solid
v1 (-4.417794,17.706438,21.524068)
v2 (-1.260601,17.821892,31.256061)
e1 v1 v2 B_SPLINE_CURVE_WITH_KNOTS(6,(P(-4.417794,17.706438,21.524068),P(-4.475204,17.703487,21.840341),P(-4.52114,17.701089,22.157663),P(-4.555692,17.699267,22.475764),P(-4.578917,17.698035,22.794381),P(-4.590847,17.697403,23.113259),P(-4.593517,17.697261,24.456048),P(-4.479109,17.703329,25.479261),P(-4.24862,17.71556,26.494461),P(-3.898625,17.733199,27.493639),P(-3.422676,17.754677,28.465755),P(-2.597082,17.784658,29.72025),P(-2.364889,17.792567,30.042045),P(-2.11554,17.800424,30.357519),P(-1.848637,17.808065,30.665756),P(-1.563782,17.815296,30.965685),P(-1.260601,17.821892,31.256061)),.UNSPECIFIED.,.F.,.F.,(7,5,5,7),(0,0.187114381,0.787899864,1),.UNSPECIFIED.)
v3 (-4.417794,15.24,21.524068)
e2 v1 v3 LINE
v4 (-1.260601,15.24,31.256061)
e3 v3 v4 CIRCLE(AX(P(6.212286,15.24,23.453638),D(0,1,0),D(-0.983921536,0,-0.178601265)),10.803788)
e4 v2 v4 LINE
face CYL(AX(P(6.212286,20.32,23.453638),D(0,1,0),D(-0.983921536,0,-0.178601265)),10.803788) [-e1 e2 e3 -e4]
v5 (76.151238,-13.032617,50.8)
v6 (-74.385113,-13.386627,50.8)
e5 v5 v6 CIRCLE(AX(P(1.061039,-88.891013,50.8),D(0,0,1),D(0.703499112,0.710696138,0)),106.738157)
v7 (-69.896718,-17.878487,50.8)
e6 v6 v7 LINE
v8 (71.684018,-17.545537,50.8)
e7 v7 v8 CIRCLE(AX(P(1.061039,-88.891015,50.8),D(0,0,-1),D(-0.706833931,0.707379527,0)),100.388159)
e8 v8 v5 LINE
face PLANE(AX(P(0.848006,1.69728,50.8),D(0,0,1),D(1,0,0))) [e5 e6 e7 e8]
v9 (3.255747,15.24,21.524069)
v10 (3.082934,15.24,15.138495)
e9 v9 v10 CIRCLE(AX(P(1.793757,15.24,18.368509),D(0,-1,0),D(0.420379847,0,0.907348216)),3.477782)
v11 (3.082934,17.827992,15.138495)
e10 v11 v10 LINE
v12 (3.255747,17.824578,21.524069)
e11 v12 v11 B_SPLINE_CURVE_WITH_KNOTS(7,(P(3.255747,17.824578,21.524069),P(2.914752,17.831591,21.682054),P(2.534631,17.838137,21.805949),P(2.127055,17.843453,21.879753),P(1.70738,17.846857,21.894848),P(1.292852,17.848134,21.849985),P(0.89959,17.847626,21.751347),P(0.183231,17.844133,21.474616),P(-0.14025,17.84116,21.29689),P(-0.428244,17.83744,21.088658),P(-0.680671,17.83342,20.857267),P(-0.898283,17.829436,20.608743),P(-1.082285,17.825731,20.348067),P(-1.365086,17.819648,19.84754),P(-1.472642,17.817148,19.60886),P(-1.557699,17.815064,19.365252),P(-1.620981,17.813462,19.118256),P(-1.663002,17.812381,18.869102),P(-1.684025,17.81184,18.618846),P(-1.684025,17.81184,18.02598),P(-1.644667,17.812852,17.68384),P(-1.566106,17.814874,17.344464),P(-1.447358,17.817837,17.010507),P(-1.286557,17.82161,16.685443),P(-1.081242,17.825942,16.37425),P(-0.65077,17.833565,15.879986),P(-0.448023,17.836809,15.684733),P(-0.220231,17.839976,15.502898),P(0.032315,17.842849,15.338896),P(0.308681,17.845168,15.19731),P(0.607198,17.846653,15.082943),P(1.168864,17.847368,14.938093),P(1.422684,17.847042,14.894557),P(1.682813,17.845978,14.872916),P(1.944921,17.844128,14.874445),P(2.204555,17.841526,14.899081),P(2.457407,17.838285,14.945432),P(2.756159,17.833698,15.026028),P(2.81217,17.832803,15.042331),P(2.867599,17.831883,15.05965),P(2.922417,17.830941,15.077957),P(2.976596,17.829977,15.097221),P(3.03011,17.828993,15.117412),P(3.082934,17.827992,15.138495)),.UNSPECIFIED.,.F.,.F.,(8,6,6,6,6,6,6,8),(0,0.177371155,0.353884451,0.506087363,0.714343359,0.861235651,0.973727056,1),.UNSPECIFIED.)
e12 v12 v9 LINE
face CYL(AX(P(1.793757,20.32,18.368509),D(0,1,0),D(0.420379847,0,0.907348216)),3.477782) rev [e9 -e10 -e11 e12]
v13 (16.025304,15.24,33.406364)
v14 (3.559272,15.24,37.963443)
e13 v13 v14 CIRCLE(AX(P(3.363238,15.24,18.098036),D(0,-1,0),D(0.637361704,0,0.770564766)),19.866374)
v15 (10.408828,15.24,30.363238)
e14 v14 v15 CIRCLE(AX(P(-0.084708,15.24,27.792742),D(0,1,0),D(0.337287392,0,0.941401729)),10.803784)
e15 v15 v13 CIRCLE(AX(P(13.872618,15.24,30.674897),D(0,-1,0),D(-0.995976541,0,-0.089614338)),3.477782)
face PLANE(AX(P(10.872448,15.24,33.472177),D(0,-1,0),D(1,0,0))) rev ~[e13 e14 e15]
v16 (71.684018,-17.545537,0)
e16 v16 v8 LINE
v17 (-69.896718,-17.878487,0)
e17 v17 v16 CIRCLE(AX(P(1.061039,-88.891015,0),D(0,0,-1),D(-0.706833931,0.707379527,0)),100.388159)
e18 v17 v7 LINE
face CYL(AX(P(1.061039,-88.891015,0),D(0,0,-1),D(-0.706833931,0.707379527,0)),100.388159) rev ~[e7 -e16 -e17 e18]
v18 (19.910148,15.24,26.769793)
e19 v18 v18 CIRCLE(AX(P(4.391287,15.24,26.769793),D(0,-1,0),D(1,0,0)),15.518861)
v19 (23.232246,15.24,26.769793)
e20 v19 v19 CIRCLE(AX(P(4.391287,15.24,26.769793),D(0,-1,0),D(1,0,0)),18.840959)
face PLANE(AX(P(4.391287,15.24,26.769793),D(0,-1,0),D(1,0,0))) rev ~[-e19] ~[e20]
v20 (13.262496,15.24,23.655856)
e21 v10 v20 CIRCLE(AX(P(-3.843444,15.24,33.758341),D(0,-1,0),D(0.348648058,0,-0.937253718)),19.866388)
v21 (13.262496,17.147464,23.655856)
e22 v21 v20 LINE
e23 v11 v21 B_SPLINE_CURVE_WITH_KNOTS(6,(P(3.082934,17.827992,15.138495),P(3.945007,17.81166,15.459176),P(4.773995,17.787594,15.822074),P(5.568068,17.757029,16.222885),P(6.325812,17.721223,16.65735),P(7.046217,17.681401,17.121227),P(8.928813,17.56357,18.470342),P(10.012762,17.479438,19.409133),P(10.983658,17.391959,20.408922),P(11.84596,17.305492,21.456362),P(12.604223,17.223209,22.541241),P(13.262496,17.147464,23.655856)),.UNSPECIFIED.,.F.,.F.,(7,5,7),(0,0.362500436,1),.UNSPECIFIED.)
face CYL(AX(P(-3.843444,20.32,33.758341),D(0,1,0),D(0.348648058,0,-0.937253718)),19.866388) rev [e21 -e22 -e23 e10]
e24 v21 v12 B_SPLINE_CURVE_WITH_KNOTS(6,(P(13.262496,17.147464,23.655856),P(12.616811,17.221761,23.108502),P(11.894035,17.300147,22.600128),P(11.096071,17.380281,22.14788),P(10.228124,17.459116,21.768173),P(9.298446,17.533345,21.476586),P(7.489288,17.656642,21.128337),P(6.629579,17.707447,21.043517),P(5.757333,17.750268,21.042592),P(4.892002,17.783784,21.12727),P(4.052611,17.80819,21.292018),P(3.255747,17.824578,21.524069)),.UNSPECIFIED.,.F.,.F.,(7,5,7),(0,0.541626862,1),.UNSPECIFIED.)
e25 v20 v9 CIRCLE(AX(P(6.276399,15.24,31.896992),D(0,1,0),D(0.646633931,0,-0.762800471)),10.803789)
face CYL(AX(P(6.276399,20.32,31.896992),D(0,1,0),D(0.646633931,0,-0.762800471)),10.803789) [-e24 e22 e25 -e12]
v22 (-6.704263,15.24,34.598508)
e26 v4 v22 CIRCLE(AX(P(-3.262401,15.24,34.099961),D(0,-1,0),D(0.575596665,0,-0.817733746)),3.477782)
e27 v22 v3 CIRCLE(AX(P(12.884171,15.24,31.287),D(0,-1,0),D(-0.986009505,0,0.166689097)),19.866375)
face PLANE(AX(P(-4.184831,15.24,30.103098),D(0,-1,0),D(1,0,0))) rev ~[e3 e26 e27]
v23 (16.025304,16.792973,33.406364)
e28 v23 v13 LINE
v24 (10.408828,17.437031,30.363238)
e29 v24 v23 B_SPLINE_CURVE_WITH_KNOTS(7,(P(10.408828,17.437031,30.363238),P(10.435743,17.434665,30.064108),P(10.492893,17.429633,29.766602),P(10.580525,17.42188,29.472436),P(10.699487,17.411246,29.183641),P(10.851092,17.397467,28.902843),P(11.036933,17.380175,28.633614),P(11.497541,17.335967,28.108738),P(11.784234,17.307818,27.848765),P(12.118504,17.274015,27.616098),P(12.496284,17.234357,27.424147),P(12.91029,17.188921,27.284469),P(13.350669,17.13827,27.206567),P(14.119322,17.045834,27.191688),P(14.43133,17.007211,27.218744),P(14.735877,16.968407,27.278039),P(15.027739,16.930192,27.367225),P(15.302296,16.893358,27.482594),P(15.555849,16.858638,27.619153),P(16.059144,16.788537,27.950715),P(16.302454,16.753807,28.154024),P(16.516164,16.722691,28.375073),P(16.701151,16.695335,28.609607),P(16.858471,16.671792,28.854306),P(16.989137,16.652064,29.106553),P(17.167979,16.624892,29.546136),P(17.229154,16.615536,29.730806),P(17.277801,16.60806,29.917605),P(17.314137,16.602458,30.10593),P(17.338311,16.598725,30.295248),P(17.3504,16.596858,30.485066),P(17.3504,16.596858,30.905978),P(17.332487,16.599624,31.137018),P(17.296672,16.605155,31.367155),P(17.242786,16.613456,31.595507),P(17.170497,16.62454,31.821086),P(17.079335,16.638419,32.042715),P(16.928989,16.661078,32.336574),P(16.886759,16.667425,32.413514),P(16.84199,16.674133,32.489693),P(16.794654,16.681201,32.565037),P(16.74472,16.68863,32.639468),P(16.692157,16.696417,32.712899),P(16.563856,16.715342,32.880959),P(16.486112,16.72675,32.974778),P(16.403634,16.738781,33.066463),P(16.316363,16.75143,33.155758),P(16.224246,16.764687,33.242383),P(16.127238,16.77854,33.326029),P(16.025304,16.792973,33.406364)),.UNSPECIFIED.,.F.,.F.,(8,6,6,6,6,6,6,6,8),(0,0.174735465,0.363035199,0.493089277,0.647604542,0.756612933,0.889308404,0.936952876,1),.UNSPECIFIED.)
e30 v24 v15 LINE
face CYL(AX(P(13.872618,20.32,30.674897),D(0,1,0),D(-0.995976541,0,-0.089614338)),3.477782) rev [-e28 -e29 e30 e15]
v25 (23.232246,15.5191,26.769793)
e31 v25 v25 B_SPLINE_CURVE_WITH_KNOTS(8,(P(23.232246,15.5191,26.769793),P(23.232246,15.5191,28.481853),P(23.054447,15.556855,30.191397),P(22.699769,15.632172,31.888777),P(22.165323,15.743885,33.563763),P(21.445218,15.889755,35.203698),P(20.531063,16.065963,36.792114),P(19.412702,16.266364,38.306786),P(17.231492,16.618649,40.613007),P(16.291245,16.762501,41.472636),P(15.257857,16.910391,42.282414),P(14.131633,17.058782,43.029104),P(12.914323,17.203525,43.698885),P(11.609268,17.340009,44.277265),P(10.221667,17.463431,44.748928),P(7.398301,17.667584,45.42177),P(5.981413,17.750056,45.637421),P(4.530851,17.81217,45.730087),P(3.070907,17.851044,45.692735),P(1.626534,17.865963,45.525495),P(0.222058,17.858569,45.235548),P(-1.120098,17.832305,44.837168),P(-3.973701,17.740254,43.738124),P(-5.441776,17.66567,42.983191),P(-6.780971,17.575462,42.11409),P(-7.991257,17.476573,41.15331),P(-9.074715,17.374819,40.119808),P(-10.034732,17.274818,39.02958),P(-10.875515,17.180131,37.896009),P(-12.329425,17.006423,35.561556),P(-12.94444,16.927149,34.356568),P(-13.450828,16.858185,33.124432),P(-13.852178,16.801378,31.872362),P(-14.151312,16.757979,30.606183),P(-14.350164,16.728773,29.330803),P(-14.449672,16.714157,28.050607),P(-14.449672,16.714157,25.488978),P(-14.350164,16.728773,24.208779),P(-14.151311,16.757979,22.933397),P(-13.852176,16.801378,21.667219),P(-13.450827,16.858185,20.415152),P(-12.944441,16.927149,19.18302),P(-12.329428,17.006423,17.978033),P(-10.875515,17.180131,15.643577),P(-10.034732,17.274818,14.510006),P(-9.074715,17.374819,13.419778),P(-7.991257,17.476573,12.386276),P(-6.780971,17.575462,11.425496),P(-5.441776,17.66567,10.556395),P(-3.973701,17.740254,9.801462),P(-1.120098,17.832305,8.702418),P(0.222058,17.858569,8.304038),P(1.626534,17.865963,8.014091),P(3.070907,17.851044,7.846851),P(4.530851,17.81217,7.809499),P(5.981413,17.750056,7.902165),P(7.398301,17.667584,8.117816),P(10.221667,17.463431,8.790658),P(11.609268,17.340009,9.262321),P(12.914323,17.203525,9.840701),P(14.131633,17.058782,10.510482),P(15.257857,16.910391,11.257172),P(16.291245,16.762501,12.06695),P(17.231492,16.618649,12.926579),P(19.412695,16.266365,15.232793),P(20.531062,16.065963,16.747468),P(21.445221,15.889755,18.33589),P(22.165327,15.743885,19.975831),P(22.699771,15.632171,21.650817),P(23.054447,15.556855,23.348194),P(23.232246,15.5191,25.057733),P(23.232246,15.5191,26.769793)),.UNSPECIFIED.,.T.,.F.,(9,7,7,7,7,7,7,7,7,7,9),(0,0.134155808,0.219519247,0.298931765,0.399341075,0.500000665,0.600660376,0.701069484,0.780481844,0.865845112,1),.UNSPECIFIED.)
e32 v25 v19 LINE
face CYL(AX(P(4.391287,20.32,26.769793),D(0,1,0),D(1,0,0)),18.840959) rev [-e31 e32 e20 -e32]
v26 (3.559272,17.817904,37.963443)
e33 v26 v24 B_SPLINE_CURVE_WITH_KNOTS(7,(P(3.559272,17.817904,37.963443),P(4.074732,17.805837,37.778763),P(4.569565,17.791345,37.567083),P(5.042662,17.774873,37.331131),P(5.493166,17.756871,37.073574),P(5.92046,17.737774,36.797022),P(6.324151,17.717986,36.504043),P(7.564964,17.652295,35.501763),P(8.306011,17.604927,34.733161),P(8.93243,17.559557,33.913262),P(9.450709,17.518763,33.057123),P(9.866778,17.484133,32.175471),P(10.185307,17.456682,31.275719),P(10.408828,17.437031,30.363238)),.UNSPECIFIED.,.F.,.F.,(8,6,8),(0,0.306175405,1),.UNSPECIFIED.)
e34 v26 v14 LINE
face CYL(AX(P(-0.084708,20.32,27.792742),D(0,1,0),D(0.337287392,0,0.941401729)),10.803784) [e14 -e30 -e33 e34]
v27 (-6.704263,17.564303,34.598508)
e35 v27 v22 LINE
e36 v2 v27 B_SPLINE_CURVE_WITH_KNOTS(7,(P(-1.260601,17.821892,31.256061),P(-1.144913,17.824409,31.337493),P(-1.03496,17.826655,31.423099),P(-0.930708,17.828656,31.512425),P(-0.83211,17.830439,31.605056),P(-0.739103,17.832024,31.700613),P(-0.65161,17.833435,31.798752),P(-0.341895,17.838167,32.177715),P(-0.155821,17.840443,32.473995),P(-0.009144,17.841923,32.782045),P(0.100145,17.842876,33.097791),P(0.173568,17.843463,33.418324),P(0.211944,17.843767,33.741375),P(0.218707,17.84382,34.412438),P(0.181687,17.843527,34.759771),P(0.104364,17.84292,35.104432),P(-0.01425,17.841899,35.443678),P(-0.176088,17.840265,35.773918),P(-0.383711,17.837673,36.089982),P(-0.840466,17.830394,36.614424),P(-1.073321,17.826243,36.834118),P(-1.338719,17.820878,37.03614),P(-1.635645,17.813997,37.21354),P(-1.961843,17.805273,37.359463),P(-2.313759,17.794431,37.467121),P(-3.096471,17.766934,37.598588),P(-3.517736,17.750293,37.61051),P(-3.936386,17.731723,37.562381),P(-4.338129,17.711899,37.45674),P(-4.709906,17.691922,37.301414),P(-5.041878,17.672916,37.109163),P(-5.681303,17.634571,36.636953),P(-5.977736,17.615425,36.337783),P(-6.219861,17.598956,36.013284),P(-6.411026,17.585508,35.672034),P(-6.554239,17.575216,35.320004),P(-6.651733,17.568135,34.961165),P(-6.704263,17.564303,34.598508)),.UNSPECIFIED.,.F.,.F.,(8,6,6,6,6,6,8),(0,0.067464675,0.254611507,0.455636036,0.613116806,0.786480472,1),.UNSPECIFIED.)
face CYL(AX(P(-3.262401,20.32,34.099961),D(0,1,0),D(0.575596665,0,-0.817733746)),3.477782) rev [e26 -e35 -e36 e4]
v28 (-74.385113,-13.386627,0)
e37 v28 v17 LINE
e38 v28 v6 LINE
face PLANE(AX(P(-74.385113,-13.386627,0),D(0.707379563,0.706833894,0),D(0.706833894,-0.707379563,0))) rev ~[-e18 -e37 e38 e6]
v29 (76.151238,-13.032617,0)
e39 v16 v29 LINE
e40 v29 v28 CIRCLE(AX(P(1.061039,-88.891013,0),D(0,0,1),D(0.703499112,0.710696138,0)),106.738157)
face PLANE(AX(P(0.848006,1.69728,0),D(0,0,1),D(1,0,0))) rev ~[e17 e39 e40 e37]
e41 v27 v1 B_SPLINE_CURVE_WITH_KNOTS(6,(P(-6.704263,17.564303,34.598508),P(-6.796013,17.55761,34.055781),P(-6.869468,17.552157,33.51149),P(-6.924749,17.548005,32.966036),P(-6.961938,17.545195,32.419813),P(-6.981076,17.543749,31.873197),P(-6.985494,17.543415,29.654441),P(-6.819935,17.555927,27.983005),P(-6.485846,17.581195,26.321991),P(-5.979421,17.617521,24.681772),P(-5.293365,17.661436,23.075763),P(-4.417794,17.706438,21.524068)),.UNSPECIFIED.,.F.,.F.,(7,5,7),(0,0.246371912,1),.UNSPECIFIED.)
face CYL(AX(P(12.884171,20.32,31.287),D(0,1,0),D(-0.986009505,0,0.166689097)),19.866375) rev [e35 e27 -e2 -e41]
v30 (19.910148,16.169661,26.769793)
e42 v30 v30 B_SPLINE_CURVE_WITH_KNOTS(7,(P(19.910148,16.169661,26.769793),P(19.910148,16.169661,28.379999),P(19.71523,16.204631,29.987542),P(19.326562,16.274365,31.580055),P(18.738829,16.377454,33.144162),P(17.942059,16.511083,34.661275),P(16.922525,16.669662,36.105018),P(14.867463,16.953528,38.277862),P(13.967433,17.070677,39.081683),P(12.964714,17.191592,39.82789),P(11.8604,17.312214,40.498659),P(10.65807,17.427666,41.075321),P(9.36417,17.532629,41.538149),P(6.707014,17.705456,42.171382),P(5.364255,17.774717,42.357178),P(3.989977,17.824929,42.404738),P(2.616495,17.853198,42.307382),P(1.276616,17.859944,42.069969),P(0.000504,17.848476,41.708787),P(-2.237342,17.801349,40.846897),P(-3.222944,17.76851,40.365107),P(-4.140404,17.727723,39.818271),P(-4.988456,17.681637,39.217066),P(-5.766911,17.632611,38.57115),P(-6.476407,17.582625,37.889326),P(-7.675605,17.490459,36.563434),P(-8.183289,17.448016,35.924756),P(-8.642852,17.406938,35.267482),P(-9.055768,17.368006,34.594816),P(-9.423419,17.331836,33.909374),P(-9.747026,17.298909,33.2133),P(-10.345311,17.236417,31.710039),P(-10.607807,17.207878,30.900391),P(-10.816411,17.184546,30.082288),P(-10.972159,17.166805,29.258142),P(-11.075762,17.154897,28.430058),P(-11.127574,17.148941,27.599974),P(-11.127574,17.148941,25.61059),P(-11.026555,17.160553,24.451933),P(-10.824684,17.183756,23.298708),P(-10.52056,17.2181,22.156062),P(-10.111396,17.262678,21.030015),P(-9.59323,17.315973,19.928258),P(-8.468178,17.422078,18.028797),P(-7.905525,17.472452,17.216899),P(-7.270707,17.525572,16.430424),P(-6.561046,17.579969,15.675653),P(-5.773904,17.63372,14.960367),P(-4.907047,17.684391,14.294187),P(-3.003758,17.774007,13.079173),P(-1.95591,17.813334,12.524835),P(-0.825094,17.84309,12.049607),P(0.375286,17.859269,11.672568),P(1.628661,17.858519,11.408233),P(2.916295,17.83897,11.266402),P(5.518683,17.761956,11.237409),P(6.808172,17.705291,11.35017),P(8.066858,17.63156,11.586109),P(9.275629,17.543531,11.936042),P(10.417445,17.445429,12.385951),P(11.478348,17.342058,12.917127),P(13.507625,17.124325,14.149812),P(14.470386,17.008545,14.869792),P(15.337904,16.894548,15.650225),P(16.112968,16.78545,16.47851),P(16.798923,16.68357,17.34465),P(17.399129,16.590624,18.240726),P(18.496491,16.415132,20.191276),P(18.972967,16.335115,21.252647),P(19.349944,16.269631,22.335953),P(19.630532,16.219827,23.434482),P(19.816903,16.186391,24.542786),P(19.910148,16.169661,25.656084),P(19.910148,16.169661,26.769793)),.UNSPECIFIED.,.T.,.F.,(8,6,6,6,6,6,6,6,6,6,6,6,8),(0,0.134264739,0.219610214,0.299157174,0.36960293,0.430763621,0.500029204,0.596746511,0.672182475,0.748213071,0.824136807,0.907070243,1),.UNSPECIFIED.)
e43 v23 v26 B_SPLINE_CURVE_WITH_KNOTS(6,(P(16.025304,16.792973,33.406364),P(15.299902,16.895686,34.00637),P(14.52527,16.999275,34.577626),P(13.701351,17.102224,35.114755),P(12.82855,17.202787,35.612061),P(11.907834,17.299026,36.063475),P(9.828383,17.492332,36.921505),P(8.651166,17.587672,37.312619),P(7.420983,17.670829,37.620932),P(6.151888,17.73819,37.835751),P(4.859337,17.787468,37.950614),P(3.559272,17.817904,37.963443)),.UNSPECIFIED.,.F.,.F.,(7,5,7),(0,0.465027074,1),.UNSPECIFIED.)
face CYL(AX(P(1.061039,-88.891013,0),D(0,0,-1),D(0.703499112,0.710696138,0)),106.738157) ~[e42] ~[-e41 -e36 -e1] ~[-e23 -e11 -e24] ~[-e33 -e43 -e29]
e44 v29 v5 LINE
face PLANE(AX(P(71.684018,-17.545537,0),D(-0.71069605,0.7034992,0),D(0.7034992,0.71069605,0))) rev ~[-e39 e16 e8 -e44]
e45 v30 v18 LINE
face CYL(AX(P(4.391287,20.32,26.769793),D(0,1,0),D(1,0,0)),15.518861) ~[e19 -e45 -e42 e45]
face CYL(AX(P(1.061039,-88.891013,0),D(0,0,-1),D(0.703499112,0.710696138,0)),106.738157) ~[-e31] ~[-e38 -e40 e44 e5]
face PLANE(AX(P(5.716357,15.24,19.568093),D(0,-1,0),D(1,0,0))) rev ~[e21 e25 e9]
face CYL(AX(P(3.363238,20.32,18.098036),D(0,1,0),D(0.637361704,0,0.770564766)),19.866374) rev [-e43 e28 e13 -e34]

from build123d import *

# Parameters (mm, degrees)
F1_DEPTH = 50.8
F3_R     = 18.840959
F3_R_2   = 15.518861
F4_DEPTH = 5.08


with BuildPart() as f1:
    # F0 (on Top) → F1 (new body)
    with BuildSketch(Plane.XY):
        with BuildLine():
            Line((71.684018, -17.545537), (76.151238, -13.032617))
            ThreePointArc((76.151238, -13.032617), (0.810028, 17.846849), (-74.385113, -13.386627))
            Line((-74.385113, -13.386627), (-69.896718, -17.878487))
            ThreePointArc((-69.896718, -17.878487), (0.824961, 11.496866), (71.684018, -17.545537))
        make_face()
    extrude(amount=F1_DEPTH)

    # F3 (on offset) → F4 (cut)
    with BuildSketch(Plane.XZ.offset(-20.32)):
        with Locations((4.391287, 26.769793)):
            Circle(F3_R)
        with Locations((4.391287, 26.769793)):
            Circle(F3_R_2, mode=Mode.SUBTRACT)
        with BuildLine():
            ThreePointArc((-4.417794, 21.524068), (-4.064254, 26.78749), (-1.260601, 31.256061))
            ThreePointArc((-1.260601, 31.256061), (-1.442666, 37.063663), (-6.704263, 34.598508))
            ThreePointArc((-6.704263, 34.598508), (-6.685209, 27.864691), (-4.417794, 21.524068))
        make_face()
        with BuildLine():
            ThreePointArc((3.559272, 37.963443), (7.940759, 35.025558), (10.408828, 30.363238))
            ThreePointArc((10.408828, 30.363238), (15.529392, 27.617109), (16.025304, 33.406364))
            ThreePointArc((16.025304, 33.406364), (10.18412, 36.756771), (3.559272, 37.963443))
        make_face()
        with BuildLine():
            ThreePointArc((13.262496, 23.655856), (8.527469, 21.33032), (3.255747, 21.524069))
            ThreePointArc((3.255747, 21.524069), (-1.682752, 18.462594), (3.082934, 15.138495))
            ThreePointArc((3.082934, 15.138495), (8.905063, 18.521906), (13.262496, 23.655856))
        make_face()
    extrude(amount=F4_DEPTH, mode=Mode.SUBTRACT)


solid = f1.part
